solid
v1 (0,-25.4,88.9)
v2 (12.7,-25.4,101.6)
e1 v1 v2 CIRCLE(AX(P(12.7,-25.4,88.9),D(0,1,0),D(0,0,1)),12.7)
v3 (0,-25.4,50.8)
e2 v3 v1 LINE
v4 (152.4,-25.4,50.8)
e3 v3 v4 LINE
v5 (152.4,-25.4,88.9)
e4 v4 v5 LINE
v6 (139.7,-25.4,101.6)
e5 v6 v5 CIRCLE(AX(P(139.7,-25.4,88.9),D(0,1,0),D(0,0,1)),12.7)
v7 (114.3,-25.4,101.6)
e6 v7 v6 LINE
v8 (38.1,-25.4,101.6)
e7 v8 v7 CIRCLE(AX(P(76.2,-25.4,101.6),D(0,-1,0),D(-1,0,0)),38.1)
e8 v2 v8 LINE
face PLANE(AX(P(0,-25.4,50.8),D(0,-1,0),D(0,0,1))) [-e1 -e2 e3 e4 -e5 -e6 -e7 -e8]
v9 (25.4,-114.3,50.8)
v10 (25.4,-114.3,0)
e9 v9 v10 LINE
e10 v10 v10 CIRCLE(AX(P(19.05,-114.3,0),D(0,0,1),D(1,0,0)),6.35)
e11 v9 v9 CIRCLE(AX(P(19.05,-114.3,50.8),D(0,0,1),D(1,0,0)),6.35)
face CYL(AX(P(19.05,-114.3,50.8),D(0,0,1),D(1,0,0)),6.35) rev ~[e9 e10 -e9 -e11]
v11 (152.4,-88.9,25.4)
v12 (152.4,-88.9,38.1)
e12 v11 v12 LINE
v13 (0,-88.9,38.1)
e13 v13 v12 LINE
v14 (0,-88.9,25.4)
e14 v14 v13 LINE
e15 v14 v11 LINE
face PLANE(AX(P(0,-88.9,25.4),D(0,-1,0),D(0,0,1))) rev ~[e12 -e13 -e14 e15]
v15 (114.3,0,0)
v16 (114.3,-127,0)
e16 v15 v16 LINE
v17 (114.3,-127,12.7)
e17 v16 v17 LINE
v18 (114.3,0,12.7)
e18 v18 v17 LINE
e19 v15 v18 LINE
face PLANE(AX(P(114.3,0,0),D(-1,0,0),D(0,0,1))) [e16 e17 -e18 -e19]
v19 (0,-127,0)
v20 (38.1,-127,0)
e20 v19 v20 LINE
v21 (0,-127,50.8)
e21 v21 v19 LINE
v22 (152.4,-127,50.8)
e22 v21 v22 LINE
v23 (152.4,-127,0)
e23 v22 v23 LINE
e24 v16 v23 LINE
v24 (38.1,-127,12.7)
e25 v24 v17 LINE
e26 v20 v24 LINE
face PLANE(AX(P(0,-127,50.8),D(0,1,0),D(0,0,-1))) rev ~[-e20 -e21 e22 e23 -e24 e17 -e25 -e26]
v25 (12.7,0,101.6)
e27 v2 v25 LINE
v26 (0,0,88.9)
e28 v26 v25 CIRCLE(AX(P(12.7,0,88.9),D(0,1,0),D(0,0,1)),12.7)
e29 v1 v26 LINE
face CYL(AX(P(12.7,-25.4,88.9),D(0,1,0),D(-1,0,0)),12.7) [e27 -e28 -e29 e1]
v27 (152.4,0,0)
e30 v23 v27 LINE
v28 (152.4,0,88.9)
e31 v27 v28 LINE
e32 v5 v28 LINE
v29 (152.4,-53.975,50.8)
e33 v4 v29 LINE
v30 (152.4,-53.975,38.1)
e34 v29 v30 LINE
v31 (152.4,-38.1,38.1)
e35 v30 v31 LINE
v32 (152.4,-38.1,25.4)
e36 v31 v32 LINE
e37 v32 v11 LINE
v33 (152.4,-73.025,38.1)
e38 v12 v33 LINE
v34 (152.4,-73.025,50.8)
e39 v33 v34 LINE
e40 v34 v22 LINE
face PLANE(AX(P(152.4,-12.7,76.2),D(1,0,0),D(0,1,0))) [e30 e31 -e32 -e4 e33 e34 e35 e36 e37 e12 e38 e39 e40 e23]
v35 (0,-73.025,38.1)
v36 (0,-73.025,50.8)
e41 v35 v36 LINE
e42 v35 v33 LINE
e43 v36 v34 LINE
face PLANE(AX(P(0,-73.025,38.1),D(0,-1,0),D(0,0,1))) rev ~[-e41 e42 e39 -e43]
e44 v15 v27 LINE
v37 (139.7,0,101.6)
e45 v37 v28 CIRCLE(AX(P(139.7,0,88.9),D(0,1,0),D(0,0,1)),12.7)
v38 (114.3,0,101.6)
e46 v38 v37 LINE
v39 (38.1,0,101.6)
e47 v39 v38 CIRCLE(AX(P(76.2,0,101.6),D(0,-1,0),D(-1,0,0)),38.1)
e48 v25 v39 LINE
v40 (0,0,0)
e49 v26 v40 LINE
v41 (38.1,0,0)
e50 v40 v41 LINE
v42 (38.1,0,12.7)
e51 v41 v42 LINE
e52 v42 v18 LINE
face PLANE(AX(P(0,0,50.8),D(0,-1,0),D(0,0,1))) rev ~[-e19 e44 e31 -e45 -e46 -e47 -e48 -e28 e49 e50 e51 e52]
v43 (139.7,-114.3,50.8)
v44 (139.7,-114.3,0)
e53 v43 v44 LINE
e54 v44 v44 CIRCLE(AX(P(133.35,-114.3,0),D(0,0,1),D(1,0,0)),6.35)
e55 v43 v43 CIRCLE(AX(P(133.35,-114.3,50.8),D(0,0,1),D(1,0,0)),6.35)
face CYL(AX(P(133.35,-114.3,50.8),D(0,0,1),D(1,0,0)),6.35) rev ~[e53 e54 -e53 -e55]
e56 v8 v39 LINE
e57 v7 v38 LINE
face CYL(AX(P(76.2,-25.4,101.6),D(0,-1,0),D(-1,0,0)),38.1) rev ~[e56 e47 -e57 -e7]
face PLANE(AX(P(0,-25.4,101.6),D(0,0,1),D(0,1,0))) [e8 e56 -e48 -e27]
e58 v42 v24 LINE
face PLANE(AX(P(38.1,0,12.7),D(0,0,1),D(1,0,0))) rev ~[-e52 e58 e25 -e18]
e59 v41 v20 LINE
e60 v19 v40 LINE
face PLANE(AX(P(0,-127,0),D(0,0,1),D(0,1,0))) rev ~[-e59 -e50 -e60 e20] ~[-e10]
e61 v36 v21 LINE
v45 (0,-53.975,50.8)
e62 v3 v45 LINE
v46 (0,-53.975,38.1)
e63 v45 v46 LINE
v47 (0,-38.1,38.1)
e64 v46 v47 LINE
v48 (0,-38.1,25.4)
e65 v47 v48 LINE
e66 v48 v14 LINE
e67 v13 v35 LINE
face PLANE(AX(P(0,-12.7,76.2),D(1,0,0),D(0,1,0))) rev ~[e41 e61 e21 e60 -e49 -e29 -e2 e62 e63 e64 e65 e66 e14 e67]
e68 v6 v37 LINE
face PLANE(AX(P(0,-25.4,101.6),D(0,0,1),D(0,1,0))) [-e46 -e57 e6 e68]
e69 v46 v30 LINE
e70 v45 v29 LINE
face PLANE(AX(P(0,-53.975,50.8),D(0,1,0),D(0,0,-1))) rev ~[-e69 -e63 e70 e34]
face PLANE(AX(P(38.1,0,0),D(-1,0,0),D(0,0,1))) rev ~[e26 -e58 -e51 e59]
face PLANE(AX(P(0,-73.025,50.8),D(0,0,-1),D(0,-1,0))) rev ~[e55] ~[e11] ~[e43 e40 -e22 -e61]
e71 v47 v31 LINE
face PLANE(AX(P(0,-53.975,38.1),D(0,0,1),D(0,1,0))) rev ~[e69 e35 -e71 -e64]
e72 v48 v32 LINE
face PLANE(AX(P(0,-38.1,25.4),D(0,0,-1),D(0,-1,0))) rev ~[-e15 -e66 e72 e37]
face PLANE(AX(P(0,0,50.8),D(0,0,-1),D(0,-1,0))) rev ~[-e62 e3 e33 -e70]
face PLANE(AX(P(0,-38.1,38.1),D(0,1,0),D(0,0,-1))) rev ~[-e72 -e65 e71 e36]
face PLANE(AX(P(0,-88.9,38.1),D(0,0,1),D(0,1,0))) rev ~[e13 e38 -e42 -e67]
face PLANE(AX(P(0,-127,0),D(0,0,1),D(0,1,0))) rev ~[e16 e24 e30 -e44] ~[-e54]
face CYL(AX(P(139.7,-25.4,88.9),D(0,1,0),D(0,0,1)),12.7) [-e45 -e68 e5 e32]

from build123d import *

# Parameters (mm, degrees)
F1_DEPTH  = 152.4
F0_W      = 25.4
F0_H      = 50.8
F2_DEPTH  = 152.4
F3_R      = 12.7
F4_R      = 12.7
F5_W      = 76.2
F5_H      = 12.7
F6_DEPTH  = 127.001
F8_DEPTH  = 152.4
F9_R      = 6.35
F10_DEPTH = 152.4


with BuildPart() as f1:
    # F0 (on Right) → F1 (new body)
    with BuildSketch(Plane.YZ):
        Polygon((-127, 0), (0, 0), (0, 50.8), (-25.4, 50.8), (-53.975, 50.8), (-53.975, 38.1), (-38.1, 38.1), (-38.1, 25.4), (-88.9, 25.4), (-88.9, 38.1), (-73.025, 38.1), (-73.025, 50.8), (-127, 50.8), align=None)
    extrude(amount=F1_DEPTH)

    # F0 (on Right) → F2 (join)
    with BuildSketch(Plane.YZ):
        with Locations((-12.7, 76.2)):
            Rectangle(F0_W, F0_H)
    extrude(amount=F2_DEPTH)

    # F3
    f3_edges = [f1.edges().sort_by_distance(p)[0] for p in [
        (0, -12.7, 101.6),
    ]]
    fillet(f3_edges, radius=F3_R)

    # F4
    f4_edges = [f1.edges().sort_by_distance(p)[0] for p in [
        (152.4, -12.7, 101.6),
    ]]
    fillet(f4_edges, radius=F4_R)

    # F5 (on Front) → F6 (cut, through all)
    with BuildSketch(Plane.XZ):
        with Locations((76.2, 6.35)):
            Rectangle(F5_W, F5_H)
    extrude(amount=F6_DEPTH, mode=Mode.SUBTRACT)

    # F7 (on face) → F8 (cut)
    with BuildSketch(Plane.XZ.offset(25.4)):
        with BuildLine():
            ThreePointArc((38.1, 101.6), (76.2, 63.5), (114.3, 101.6))
            Line((114.3, 101.6), (38.1, 101.6))
        make_face()
    extrude(amount=-F8_DEPTH, mode=Mode.SUBTRACT)

    # F9 (on face) → F10 (cut)
    with BuildSketch(Plane.XY.offset(50.8)):
        with Locations((19.05, -114.3)):
            Circle(F9_R)
        with Locations((133.35, -114.3)):
            Circle(F9_R)
    extrude(amount=-F10_DEPTH, mode=Mode.SUBTRACT)


solid = f1.part
